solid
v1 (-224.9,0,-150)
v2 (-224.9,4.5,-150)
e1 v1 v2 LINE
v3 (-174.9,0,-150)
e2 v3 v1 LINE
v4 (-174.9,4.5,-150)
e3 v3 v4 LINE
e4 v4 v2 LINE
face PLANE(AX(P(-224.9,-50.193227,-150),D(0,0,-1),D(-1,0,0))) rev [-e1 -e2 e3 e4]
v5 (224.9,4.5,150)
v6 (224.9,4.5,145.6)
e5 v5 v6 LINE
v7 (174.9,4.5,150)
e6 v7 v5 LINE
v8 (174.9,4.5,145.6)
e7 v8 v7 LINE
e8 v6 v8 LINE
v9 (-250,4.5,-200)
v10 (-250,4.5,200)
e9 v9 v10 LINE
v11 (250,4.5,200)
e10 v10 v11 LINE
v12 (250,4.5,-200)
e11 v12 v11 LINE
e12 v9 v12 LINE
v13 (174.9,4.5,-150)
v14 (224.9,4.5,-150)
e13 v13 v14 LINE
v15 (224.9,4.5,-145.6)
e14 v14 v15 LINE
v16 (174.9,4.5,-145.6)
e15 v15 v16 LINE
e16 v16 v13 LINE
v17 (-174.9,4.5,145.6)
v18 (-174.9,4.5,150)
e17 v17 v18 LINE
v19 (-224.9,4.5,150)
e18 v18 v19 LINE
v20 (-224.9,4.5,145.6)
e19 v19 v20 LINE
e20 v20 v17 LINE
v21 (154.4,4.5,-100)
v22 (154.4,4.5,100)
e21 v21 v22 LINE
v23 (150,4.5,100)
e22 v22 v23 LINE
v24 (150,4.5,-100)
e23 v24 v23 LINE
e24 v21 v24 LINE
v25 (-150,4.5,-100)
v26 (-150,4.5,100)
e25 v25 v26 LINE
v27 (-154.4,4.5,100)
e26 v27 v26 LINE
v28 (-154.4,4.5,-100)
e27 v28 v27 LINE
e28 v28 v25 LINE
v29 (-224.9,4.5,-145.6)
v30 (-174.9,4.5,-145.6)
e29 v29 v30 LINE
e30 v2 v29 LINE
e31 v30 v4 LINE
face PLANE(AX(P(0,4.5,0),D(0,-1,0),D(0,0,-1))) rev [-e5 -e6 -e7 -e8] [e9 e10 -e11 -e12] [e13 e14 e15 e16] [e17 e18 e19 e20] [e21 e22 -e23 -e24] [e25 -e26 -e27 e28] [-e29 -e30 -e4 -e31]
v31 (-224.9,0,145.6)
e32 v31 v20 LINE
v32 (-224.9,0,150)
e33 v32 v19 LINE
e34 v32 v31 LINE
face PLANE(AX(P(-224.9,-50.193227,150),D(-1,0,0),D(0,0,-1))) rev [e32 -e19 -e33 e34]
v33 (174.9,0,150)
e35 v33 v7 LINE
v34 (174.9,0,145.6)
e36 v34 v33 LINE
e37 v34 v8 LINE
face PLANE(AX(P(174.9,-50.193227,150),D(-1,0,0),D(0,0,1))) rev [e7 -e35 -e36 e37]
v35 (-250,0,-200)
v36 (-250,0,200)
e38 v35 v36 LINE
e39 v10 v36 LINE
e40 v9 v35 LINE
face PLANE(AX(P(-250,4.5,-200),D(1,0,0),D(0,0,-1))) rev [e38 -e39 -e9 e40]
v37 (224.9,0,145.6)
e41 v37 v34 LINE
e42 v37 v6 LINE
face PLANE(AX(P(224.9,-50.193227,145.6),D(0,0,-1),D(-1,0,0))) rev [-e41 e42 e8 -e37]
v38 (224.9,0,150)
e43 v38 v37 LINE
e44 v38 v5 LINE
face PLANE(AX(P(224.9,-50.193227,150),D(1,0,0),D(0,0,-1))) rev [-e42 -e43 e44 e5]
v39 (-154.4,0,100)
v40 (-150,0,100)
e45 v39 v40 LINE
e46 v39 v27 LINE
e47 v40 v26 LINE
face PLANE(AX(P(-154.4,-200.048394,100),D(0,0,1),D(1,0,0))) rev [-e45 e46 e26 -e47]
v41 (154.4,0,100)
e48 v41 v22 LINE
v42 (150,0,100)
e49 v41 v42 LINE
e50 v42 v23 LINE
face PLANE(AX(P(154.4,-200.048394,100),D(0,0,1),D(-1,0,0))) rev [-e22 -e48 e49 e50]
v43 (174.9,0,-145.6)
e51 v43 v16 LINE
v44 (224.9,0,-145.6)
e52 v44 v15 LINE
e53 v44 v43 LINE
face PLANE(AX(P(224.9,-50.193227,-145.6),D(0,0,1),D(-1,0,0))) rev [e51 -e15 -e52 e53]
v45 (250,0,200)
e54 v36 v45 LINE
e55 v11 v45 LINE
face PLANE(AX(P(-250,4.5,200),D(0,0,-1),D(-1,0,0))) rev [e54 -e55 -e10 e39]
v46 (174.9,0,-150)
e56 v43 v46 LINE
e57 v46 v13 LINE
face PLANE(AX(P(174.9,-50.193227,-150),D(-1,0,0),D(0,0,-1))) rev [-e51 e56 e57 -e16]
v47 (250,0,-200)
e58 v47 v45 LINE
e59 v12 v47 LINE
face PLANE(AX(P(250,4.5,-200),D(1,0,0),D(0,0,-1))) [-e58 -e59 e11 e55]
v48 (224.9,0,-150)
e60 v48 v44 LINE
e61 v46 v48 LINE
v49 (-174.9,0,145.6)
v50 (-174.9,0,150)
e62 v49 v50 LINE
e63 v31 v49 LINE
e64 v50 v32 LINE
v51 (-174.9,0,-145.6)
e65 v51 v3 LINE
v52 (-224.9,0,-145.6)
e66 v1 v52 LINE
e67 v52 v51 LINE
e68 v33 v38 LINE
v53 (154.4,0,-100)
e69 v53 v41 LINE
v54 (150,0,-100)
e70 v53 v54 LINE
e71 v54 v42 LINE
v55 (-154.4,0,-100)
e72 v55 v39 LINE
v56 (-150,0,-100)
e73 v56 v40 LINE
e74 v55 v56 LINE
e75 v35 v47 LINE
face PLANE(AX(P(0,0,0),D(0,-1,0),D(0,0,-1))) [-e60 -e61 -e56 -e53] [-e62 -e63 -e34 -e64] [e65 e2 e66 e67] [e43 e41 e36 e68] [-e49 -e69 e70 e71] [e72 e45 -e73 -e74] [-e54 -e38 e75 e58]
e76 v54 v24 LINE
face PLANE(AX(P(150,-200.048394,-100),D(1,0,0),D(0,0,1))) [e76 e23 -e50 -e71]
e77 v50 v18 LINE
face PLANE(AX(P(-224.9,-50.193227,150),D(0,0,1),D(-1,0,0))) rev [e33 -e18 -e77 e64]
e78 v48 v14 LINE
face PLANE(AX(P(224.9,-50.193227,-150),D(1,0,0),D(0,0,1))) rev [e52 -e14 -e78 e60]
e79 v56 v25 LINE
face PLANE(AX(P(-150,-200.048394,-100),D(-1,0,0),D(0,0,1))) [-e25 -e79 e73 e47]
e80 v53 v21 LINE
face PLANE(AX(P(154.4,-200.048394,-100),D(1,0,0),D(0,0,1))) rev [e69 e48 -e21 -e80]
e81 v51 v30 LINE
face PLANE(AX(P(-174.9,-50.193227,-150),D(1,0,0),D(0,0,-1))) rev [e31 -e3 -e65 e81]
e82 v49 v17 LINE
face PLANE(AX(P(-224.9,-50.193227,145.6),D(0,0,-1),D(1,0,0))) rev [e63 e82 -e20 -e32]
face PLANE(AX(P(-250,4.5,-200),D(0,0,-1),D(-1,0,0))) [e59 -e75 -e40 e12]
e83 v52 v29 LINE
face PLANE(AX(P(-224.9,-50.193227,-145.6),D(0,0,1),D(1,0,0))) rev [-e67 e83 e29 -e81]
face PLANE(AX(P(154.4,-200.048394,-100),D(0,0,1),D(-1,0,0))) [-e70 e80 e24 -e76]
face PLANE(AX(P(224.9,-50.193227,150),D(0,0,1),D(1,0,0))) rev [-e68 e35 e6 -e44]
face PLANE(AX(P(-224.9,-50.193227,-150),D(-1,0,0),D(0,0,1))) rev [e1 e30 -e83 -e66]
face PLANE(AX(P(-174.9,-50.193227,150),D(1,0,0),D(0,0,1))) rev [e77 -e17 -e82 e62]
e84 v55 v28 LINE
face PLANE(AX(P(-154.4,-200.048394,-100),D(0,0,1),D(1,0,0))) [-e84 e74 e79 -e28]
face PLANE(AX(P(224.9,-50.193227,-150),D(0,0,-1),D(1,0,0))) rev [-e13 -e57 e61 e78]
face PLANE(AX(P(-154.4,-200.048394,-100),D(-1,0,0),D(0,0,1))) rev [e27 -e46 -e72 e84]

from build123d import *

# Parameters (mm, degrees)
SKETCH1_W                                  = 500
SKETCH1_H                                  = 400
BOSS_EXTRUDE1_DEPTH                        = 4.5
SKETCH2_W                                  = 4.4
SKETCH2_H                                  = 200
CUT_EXTRUDE1_DEPTH                         = 4.5
SKETCH5_W                                  = 50
SKETCH5_H                                  = 4.4
CUT_EXTRUDE2_DEPTH                         = 4.5
MIRROR5_AT_THE_SECOND_PLANE_COPY_1_SKETC_W = 50
MIRROR5_AT_THE_SECOND_PLANE_COPY_1_SKETC_H = 4.4
MIRROR5_AT_THE_SECOND_PLANE_COPY_1_DEPTH   = 4.5


with BuildPart() as part:
    # Sketch1 → Boss-Extrude1 (new body)
    with BuildSketch(Plane(origin=(0, 0, 0), x_dir=(1, 0, 0), z_dir=(0, 1, 0))):
        Rectangle(SKETCH1_W, SKETCH1_H)
    extrude(amount=BOSS_EXTRUDE1_DEPTH)

    # Sketch2 → Cut-Extrude1 (cut)
    with BuildSketch(Plane(origin=(0, 4.5, 0), x_dir=(1, 0, 0), z_dir=(0, 1, 0))):
        with Locations((-152.2, 0)):
            Rectangle(SKETCH2_W, SKETCH2_H)
    cut_extrude1 = extrude(amount=-CUT_EXTRUDE1_DEPTH, mode=Mode.SUBTRACT)

    # Mirror2: Cut-Extrude1 across plane
    add(cut_extrude1.mirror(Plane(origin=(0, 0, 0), x_dir=(0, 0, 1), z_dir=(1, 0, 0))), mode=Mode.SUBTRACT)

    # Sketch5 → Cut-Extrude2 (cut)
    with BuildSketch(Plane(origin=(0, 4.5, 0), x_dir=(1, 0, 0), z_dir=(0, 1, 0))):
        with Locations((-199.9, 147.8)):
            Rectangle(SKETCH5_W, SKETCH5_H)
    cut_extrude2 = extrude(amount=-CUT_EXTRUDE2_DEPTH, mode=Mode.SUBTRACT)

    # Mirror5: Cut-Extrude2 across plane
    add(cut_extrude2.mirror(Plane.XY), mode=Mode.SUBTRACT)

    # Mirror5 at the second plane: Cut-Extrude2 across plane
    add(cut_extrude2.mirror(Plane(origin=(0, 0, 0), x_dir=(0, 0, 1), z_dir=(1, 0, 0))), mode=Mode.SUBTRACT)

    # Mirror5 at the second plane copy 1 sketc → Mirror5 at the second plane copy 1 (cut)
    with BuildSketch(Plane(origin=(0, 4.5, 0), x_dir=(-1, 0, 0), z_dir=(0, 1, 0))):
        with Locations((-199.9, 147.8)):
            Rectangle(MIRROR5_AT_THE_SECOND_PLANE_COPY_1_SKETC_W, MIRROR5_AT_THE_SECOND_PLANE_COPY_1_SKETC_H)
    extrude(amount=-MIRROR5_AT_THE_SECOND_PLANE_COPY_1_DEPTH, mode=Mode.SUBTRACT)


solid = part.part
